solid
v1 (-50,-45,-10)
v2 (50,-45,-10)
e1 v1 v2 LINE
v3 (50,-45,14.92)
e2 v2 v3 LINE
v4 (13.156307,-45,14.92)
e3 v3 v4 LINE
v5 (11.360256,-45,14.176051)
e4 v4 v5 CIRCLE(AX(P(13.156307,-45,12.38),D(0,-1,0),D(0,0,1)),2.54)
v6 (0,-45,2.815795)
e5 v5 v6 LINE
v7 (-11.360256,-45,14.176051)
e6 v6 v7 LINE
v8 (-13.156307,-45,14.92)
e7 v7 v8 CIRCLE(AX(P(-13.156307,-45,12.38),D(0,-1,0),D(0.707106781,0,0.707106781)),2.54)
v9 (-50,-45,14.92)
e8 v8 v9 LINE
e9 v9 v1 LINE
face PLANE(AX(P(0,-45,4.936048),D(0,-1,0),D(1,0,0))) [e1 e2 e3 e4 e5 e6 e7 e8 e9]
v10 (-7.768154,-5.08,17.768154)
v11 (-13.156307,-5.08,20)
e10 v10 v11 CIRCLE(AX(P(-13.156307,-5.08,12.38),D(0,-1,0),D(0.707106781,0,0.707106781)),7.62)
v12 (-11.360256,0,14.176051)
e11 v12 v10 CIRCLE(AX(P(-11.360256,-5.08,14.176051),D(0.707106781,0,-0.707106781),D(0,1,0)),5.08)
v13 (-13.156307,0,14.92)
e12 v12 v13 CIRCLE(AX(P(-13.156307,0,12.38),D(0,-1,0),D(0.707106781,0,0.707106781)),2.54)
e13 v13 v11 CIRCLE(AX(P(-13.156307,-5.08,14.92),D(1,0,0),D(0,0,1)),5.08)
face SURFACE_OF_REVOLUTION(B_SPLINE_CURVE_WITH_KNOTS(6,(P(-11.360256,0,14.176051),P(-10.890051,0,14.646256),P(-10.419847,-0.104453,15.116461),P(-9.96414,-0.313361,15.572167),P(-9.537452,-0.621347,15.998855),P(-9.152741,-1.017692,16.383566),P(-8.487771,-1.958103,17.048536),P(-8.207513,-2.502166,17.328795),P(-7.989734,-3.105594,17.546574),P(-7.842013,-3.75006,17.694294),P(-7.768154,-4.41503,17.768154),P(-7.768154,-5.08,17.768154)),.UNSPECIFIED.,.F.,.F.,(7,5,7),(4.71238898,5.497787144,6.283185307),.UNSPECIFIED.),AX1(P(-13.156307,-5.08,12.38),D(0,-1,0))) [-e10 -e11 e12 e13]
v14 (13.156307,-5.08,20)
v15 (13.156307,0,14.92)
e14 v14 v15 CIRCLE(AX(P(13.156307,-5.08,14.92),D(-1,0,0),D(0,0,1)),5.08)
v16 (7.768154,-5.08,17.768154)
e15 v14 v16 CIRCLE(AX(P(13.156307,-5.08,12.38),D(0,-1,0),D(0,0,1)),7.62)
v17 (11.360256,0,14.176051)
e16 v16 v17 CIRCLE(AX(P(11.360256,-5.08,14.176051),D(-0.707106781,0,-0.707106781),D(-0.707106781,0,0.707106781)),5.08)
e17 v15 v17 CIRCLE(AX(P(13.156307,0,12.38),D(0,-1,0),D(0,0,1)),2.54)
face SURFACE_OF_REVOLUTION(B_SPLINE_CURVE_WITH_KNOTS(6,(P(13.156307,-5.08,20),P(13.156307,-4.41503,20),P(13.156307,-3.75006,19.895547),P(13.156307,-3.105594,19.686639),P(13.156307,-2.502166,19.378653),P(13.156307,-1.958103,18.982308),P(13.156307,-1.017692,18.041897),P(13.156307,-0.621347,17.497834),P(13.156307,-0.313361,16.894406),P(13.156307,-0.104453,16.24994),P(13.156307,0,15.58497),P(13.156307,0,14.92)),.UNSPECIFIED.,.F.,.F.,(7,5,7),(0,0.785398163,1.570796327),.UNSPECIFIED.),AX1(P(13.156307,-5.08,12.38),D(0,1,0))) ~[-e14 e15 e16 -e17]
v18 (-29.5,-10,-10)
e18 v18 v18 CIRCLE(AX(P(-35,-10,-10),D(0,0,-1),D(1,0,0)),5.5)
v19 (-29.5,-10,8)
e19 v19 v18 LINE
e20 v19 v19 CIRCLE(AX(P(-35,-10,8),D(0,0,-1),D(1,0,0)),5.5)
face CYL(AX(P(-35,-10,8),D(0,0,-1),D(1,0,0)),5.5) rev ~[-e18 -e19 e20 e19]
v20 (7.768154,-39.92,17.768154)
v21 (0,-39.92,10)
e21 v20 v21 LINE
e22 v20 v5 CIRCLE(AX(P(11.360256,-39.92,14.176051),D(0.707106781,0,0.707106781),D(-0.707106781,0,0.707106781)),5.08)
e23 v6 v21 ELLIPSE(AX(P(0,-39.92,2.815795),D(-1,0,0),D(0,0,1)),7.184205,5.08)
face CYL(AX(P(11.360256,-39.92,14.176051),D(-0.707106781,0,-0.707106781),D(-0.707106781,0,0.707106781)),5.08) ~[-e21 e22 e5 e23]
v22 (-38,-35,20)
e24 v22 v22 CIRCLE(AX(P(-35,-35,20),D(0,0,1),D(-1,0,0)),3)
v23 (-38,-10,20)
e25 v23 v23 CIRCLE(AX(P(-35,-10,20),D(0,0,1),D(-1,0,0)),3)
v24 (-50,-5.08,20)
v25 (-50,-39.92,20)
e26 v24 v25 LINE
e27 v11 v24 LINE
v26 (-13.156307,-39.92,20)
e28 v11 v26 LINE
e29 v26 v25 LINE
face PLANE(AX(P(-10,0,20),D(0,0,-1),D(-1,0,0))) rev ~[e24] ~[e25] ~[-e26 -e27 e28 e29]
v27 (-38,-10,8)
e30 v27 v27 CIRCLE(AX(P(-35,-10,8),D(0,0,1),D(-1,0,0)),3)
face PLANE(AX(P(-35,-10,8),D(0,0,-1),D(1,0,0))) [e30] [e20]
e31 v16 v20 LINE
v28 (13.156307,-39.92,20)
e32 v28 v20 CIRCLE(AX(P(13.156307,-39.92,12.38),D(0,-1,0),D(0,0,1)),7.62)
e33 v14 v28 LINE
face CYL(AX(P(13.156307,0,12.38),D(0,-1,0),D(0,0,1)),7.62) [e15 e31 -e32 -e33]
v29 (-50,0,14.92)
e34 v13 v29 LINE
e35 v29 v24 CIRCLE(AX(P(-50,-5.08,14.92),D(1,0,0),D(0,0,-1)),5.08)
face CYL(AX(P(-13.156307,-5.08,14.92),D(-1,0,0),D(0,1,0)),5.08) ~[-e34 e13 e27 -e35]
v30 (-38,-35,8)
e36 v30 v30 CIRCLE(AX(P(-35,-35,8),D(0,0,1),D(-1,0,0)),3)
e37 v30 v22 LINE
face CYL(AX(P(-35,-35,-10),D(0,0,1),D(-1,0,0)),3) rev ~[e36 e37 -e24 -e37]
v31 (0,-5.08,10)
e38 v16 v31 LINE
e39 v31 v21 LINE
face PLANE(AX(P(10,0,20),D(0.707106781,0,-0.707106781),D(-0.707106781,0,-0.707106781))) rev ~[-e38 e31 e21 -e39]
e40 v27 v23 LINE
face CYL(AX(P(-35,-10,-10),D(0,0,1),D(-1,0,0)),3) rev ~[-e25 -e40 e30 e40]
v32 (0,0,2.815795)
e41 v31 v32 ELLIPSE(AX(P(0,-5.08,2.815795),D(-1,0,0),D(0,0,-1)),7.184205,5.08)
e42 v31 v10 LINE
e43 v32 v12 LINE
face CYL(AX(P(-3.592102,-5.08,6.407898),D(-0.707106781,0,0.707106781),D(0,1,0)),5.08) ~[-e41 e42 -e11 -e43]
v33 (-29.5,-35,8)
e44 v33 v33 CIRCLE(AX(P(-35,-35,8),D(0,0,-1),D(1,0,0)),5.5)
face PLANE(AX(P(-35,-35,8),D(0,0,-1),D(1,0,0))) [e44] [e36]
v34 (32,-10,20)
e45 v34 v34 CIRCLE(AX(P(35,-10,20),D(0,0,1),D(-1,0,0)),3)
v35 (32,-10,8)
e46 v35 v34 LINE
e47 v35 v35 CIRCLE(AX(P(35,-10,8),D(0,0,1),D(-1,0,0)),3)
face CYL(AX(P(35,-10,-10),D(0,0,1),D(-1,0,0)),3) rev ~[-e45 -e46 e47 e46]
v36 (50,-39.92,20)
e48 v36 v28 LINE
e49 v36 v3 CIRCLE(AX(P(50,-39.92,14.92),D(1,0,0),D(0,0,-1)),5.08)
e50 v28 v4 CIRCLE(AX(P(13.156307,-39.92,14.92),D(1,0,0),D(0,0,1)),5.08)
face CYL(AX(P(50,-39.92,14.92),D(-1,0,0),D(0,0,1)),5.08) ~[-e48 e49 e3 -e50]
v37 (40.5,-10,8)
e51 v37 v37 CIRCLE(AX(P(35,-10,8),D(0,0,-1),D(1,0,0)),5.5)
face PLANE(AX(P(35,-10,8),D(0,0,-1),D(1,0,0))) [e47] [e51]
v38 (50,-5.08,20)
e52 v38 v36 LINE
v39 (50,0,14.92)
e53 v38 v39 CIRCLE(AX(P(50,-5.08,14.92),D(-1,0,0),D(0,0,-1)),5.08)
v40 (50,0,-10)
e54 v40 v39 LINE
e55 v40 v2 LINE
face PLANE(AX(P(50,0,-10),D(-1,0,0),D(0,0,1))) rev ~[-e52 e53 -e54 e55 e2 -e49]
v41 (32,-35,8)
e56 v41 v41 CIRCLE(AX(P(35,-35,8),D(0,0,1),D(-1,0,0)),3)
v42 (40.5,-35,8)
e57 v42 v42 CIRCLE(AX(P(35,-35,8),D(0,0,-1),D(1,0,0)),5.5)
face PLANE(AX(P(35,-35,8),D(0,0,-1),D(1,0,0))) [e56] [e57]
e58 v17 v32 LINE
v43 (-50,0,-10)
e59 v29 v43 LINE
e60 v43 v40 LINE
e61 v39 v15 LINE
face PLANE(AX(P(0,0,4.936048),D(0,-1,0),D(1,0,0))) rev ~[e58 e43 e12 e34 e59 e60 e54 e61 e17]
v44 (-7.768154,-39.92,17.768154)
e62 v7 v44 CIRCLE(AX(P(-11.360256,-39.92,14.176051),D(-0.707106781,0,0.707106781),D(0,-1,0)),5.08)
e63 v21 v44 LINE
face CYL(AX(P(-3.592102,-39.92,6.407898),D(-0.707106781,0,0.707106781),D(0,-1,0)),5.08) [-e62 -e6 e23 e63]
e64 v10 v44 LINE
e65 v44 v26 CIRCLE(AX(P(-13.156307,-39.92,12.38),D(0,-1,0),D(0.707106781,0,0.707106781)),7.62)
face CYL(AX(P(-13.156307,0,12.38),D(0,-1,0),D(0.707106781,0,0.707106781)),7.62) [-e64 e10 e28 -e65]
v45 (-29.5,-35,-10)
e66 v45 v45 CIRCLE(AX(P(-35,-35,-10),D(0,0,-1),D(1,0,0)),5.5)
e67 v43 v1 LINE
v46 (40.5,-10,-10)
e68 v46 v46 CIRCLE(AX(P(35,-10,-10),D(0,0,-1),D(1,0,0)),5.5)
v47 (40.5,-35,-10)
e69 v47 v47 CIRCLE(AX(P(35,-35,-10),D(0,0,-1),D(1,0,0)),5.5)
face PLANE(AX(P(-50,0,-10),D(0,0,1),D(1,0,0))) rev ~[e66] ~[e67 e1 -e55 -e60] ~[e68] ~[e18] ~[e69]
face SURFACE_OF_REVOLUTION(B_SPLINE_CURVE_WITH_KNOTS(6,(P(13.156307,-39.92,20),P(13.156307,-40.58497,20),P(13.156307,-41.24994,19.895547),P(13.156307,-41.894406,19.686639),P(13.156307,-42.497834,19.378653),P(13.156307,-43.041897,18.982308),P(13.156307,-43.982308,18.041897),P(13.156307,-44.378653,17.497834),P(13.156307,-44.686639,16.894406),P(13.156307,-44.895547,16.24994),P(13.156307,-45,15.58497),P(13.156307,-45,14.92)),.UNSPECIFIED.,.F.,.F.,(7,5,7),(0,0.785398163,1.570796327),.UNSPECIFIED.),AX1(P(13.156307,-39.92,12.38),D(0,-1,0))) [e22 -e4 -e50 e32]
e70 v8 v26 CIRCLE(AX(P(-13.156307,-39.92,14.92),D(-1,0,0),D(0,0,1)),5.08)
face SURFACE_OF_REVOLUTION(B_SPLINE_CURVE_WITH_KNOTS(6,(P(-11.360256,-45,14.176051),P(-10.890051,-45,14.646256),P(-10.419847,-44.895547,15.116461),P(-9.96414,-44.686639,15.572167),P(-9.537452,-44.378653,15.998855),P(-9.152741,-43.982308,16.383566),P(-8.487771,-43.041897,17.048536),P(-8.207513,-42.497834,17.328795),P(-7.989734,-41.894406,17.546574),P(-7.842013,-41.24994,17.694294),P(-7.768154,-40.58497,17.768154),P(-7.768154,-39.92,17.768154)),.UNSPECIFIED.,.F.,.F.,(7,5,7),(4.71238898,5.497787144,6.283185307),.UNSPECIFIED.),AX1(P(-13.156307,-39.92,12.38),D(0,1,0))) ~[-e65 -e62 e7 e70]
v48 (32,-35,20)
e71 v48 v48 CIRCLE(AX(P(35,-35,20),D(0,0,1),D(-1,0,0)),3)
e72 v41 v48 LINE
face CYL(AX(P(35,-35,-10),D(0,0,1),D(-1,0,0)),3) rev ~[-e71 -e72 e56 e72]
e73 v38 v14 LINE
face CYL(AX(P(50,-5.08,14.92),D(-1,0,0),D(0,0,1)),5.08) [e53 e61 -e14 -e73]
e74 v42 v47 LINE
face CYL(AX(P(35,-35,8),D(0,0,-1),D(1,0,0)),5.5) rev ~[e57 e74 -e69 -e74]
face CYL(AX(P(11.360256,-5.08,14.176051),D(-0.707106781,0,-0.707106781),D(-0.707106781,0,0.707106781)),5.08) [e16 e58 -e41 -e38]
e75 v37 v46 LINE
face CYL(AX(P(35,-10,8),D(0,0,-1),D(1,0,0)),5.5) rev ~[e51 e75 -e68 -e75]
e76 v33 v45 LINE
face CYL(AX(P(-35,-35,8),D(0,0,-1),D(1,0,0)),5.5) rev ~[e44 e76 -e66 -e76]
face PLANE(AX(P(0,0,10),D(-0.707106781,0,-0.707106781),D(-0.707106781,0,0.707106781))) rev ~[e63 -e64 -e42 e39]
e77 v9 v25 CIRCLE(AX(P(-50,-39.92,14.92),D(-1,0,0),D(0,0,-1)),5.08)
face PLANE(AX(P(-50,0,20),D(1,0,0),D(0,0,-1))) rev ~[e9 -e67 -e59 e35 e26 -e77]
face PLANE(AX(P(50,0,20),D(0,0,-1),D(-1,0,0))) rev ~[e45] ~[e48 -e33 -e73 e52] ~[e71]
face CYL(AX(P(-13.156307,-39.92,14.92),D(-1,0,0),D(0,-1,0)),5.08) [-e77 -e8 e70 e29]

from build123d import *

# Parameters (mm, degrees)
F1_DEPTH       = 45
F2_R           = 7.62
F3_R           = 5.08
F5_D           = 6
F5_CBORE_D     = 11
F5_CBORE_DEPTH = 18


with BuildPart() as f1:
    # F0 (on Front) → F1 (new body)
    with BuildSketch(Plane.XZ):
        Polygon((50, 20), (20, 20), (10, 20), (0, 10), (-10, 20), (-20, 20), (-50, 20), (-50, 0), (-50, -10), (50, -10), (50, 0), align=None)
    extrude(amount=F1_DEPTH)

    # F2
    f2_edges = [f1.edges().sort_by_distance(p)[0] for p in [
        (10, -22.5, 20),
        (-10, -22.5, 20),
    ]]
    fillet(f2_edges, radius=F2_R)

    # F3
    f3_edges = [f1.edges().sort_by_distance(p)[0] for p in [
        (-31.578154, -45, 20),
        (31.578154, -45, 20),
        (31.578154, 0, 20),
        (-31.578154, 0, 20),
    ]]
    fillet(f3_edges, radius=F3_R)

    # F5 (through all)
    with Locations(Plane(origin=(0, 0, -10), x_dir=(1, 0, 0), z_dir=(0, 0, -1))):
        with Locations((35, 10), (35, 35), (-35, 35), (-35, 10)):
            CounterBoreHole(F5_D / 2, F5_CBORE_D / 2, F5_CBORE_DEPTH)


solid = f1.part
